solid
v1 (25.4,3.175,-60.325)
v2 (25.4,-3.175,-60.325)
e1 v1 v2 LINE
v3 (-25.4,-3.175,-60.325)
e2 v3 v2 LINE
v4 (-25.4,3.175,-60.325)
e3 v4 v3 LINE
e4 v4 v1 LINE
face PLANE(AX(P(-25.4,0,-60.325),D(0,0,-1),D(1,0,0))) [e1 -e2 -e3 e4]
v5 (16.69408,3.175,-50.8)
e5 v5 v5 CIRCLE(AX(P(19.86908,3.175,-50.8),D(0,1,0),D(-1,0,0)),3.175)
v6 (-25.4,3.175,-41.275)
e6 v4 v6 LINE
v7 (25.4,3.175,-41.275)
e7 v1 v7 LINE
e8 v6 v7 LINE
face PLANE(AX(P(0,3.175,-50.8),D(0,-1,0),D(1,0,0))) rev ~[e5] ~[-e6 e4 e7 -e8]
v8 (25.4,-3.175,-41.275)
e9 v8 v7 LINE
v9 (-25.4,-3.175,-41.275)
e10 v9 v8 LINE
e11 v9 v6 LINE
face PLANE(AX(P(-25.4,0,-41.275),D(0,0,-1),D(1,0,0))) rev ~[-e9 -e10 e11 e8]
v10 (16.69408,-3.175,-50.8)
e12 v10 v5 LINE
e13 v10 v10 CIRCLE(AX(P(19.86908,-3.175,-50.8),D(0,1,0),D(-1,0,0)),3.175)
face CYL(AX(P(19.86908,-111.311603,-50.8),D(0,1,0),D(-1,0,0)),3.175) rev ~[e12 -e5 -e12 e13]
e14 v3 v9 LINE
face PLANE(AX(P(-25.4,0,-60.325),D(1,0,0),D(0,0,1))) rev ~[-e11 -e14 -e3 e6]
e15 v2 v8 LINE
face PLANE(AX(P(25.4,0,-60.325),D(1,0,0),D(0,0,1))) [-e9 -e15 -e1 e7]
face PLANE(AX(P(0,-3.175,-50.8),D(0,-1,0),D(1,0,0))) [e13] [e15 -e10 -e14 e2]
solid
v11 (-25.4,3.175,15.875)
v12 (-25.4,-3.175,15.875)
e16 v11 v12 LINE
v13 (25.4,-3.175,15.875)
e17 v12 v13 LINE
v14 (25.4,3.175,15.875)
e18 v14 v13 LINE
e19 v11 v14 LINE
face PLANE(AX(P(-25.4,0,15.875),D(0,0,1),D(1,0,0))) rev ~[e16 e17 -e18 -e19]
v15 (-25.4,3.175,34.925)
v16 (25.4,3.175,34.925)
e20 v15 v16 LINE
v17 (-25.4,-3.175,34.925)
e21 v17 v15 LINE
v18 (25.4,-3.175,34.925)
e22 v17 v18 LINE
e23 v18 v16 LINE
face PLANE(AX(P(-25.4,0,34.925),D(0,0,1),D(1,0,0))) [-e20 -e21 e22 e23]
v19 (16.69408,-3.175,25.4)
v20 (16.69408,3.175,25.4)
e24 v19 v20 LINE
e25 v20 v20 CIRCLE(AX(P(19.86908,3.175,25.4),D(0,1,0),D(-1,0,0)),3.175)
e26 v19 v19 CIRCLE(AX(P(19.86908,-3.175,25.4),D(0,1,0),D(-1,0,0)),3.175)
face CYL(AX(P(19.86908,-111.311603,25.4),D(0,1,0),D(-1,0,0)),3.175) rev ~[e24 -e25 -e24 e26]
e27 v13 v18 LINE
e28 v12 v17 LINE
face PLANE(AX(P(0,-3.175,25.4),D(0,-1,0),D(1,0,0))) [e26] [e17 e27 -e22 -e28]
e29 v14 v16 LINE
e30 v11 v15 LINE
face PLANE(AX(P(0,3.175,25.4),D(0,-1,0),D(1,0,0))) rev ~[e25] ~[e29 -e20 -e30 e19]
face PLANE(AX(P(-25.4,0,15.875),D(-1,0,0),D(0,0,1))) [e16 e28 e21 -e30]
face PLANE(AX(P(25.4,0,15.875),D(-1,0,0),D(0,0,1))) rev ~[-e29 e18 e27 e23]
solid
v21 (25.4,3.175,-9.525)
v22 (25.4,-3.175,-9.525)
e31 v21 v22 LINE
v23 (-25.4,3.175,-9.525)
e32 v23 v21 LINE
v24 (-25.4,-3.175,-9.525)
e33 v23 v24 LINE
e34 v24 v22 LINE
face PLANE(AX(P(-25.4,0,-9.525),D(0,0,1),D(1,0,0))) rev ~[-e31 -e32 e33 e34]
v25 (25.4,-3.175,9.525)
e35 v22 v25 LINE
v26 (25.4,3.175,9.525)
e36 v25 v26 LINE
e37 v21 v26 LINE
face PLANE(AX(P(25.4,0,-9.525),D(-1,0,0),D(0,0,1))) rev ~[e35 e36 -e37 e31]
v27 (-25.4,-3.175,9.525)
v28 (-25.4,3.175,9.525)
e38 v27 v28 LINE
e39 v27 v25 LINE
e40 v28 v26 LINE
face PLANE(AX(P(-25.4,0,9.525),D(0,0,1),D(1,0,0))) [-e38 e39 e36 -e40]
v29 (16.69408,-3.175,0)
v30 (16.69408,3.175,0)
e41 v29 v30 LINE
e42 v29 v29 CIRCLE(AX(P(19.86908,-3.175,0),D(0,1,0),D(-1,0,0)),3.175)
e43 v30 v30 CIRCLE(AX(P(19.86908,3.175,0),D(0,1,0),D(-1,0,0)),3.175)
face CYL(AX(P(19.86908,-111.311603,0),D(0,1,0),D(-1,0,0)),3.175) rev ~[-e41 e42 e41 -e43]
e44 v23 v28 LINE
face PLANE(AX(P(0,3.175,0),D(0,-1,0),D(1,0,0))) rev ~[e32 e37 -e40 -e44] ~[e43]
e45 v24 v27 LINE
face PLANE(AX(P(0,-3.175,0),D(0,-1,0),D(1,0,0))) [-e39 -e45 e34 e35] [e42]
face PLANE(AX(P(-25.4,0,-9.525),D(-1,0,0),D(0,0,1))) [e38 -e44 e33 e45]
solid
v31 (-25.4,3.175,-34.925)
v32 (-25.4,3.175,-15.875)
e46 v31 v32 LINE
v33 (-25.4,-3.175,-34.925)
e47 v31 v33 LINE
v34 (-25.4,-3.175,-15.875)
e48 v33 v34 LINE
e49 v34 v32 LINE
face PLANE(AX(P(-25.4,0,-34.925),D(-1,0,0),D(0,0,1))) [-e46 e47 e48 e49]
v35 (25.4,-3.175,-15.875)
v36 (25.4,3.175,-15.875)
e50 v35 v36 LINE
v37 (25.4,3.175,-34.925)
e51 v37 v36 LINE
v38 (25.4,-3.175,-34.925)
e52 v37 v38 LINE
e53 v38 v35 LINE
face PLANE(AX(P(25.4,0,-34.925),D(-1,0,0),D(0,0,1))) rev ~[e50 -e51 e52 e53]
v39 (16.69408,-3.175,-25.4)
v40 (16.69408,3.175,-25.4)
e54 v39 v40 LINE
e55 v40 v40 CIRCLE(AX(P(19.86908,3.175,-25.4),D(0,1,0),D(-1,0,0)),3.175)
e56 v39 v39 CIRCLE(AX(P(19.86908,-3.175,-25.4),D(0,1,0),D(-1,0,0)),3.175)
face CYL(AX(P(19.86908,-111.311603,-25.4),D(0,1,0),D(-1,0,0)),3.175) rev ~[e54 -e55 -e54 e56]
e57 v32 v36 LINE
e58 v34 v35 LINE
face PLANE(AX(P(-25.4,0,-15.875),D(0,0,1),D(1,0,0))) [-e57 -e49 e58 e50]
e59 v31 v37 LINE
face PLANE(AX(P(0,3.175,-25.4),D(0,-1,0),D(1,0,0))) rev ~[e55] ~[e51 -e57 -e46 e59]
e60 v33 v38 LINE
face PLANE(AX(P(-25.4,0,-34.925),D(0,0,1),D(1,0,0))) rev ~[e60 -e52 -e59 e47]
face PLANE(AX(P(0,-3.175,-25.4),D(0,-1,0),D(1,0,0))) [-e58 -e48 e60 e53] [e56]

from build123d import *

# Parameters (mm, degrees)
F0_W     = 50.8
F0_H     = 19.05
F1_DEPTH = 3.175
F3_D     = 6.35


with BuildPart() as f1:
    # F0 (on Front) → F1 (new body, symmetric)
    with BuildSketch(Plane.XZ):
        Rectangle(F0_W, F0_H)
        with Locations((0, 25.4)):
            Rectangle(F0_W, F0_H)
        with Locations((0, -25.4)):
            Rectangle(F0_W, F0_H)
        with Locations((0, -50.8)):
            Rectangle(F0_W, F0_H)
    extrude(amount=F1_DEPTH, both=True)

    # F3 (through all)
    with Locations(Plane.XZ.offset(3.175)):
        with Locations((19.86908, 25.4), (19.86908, 0), (19.86908, -25.4), (19.86908, -50.8)):
            Hole(F3_D / 2)


solid = f1.part
